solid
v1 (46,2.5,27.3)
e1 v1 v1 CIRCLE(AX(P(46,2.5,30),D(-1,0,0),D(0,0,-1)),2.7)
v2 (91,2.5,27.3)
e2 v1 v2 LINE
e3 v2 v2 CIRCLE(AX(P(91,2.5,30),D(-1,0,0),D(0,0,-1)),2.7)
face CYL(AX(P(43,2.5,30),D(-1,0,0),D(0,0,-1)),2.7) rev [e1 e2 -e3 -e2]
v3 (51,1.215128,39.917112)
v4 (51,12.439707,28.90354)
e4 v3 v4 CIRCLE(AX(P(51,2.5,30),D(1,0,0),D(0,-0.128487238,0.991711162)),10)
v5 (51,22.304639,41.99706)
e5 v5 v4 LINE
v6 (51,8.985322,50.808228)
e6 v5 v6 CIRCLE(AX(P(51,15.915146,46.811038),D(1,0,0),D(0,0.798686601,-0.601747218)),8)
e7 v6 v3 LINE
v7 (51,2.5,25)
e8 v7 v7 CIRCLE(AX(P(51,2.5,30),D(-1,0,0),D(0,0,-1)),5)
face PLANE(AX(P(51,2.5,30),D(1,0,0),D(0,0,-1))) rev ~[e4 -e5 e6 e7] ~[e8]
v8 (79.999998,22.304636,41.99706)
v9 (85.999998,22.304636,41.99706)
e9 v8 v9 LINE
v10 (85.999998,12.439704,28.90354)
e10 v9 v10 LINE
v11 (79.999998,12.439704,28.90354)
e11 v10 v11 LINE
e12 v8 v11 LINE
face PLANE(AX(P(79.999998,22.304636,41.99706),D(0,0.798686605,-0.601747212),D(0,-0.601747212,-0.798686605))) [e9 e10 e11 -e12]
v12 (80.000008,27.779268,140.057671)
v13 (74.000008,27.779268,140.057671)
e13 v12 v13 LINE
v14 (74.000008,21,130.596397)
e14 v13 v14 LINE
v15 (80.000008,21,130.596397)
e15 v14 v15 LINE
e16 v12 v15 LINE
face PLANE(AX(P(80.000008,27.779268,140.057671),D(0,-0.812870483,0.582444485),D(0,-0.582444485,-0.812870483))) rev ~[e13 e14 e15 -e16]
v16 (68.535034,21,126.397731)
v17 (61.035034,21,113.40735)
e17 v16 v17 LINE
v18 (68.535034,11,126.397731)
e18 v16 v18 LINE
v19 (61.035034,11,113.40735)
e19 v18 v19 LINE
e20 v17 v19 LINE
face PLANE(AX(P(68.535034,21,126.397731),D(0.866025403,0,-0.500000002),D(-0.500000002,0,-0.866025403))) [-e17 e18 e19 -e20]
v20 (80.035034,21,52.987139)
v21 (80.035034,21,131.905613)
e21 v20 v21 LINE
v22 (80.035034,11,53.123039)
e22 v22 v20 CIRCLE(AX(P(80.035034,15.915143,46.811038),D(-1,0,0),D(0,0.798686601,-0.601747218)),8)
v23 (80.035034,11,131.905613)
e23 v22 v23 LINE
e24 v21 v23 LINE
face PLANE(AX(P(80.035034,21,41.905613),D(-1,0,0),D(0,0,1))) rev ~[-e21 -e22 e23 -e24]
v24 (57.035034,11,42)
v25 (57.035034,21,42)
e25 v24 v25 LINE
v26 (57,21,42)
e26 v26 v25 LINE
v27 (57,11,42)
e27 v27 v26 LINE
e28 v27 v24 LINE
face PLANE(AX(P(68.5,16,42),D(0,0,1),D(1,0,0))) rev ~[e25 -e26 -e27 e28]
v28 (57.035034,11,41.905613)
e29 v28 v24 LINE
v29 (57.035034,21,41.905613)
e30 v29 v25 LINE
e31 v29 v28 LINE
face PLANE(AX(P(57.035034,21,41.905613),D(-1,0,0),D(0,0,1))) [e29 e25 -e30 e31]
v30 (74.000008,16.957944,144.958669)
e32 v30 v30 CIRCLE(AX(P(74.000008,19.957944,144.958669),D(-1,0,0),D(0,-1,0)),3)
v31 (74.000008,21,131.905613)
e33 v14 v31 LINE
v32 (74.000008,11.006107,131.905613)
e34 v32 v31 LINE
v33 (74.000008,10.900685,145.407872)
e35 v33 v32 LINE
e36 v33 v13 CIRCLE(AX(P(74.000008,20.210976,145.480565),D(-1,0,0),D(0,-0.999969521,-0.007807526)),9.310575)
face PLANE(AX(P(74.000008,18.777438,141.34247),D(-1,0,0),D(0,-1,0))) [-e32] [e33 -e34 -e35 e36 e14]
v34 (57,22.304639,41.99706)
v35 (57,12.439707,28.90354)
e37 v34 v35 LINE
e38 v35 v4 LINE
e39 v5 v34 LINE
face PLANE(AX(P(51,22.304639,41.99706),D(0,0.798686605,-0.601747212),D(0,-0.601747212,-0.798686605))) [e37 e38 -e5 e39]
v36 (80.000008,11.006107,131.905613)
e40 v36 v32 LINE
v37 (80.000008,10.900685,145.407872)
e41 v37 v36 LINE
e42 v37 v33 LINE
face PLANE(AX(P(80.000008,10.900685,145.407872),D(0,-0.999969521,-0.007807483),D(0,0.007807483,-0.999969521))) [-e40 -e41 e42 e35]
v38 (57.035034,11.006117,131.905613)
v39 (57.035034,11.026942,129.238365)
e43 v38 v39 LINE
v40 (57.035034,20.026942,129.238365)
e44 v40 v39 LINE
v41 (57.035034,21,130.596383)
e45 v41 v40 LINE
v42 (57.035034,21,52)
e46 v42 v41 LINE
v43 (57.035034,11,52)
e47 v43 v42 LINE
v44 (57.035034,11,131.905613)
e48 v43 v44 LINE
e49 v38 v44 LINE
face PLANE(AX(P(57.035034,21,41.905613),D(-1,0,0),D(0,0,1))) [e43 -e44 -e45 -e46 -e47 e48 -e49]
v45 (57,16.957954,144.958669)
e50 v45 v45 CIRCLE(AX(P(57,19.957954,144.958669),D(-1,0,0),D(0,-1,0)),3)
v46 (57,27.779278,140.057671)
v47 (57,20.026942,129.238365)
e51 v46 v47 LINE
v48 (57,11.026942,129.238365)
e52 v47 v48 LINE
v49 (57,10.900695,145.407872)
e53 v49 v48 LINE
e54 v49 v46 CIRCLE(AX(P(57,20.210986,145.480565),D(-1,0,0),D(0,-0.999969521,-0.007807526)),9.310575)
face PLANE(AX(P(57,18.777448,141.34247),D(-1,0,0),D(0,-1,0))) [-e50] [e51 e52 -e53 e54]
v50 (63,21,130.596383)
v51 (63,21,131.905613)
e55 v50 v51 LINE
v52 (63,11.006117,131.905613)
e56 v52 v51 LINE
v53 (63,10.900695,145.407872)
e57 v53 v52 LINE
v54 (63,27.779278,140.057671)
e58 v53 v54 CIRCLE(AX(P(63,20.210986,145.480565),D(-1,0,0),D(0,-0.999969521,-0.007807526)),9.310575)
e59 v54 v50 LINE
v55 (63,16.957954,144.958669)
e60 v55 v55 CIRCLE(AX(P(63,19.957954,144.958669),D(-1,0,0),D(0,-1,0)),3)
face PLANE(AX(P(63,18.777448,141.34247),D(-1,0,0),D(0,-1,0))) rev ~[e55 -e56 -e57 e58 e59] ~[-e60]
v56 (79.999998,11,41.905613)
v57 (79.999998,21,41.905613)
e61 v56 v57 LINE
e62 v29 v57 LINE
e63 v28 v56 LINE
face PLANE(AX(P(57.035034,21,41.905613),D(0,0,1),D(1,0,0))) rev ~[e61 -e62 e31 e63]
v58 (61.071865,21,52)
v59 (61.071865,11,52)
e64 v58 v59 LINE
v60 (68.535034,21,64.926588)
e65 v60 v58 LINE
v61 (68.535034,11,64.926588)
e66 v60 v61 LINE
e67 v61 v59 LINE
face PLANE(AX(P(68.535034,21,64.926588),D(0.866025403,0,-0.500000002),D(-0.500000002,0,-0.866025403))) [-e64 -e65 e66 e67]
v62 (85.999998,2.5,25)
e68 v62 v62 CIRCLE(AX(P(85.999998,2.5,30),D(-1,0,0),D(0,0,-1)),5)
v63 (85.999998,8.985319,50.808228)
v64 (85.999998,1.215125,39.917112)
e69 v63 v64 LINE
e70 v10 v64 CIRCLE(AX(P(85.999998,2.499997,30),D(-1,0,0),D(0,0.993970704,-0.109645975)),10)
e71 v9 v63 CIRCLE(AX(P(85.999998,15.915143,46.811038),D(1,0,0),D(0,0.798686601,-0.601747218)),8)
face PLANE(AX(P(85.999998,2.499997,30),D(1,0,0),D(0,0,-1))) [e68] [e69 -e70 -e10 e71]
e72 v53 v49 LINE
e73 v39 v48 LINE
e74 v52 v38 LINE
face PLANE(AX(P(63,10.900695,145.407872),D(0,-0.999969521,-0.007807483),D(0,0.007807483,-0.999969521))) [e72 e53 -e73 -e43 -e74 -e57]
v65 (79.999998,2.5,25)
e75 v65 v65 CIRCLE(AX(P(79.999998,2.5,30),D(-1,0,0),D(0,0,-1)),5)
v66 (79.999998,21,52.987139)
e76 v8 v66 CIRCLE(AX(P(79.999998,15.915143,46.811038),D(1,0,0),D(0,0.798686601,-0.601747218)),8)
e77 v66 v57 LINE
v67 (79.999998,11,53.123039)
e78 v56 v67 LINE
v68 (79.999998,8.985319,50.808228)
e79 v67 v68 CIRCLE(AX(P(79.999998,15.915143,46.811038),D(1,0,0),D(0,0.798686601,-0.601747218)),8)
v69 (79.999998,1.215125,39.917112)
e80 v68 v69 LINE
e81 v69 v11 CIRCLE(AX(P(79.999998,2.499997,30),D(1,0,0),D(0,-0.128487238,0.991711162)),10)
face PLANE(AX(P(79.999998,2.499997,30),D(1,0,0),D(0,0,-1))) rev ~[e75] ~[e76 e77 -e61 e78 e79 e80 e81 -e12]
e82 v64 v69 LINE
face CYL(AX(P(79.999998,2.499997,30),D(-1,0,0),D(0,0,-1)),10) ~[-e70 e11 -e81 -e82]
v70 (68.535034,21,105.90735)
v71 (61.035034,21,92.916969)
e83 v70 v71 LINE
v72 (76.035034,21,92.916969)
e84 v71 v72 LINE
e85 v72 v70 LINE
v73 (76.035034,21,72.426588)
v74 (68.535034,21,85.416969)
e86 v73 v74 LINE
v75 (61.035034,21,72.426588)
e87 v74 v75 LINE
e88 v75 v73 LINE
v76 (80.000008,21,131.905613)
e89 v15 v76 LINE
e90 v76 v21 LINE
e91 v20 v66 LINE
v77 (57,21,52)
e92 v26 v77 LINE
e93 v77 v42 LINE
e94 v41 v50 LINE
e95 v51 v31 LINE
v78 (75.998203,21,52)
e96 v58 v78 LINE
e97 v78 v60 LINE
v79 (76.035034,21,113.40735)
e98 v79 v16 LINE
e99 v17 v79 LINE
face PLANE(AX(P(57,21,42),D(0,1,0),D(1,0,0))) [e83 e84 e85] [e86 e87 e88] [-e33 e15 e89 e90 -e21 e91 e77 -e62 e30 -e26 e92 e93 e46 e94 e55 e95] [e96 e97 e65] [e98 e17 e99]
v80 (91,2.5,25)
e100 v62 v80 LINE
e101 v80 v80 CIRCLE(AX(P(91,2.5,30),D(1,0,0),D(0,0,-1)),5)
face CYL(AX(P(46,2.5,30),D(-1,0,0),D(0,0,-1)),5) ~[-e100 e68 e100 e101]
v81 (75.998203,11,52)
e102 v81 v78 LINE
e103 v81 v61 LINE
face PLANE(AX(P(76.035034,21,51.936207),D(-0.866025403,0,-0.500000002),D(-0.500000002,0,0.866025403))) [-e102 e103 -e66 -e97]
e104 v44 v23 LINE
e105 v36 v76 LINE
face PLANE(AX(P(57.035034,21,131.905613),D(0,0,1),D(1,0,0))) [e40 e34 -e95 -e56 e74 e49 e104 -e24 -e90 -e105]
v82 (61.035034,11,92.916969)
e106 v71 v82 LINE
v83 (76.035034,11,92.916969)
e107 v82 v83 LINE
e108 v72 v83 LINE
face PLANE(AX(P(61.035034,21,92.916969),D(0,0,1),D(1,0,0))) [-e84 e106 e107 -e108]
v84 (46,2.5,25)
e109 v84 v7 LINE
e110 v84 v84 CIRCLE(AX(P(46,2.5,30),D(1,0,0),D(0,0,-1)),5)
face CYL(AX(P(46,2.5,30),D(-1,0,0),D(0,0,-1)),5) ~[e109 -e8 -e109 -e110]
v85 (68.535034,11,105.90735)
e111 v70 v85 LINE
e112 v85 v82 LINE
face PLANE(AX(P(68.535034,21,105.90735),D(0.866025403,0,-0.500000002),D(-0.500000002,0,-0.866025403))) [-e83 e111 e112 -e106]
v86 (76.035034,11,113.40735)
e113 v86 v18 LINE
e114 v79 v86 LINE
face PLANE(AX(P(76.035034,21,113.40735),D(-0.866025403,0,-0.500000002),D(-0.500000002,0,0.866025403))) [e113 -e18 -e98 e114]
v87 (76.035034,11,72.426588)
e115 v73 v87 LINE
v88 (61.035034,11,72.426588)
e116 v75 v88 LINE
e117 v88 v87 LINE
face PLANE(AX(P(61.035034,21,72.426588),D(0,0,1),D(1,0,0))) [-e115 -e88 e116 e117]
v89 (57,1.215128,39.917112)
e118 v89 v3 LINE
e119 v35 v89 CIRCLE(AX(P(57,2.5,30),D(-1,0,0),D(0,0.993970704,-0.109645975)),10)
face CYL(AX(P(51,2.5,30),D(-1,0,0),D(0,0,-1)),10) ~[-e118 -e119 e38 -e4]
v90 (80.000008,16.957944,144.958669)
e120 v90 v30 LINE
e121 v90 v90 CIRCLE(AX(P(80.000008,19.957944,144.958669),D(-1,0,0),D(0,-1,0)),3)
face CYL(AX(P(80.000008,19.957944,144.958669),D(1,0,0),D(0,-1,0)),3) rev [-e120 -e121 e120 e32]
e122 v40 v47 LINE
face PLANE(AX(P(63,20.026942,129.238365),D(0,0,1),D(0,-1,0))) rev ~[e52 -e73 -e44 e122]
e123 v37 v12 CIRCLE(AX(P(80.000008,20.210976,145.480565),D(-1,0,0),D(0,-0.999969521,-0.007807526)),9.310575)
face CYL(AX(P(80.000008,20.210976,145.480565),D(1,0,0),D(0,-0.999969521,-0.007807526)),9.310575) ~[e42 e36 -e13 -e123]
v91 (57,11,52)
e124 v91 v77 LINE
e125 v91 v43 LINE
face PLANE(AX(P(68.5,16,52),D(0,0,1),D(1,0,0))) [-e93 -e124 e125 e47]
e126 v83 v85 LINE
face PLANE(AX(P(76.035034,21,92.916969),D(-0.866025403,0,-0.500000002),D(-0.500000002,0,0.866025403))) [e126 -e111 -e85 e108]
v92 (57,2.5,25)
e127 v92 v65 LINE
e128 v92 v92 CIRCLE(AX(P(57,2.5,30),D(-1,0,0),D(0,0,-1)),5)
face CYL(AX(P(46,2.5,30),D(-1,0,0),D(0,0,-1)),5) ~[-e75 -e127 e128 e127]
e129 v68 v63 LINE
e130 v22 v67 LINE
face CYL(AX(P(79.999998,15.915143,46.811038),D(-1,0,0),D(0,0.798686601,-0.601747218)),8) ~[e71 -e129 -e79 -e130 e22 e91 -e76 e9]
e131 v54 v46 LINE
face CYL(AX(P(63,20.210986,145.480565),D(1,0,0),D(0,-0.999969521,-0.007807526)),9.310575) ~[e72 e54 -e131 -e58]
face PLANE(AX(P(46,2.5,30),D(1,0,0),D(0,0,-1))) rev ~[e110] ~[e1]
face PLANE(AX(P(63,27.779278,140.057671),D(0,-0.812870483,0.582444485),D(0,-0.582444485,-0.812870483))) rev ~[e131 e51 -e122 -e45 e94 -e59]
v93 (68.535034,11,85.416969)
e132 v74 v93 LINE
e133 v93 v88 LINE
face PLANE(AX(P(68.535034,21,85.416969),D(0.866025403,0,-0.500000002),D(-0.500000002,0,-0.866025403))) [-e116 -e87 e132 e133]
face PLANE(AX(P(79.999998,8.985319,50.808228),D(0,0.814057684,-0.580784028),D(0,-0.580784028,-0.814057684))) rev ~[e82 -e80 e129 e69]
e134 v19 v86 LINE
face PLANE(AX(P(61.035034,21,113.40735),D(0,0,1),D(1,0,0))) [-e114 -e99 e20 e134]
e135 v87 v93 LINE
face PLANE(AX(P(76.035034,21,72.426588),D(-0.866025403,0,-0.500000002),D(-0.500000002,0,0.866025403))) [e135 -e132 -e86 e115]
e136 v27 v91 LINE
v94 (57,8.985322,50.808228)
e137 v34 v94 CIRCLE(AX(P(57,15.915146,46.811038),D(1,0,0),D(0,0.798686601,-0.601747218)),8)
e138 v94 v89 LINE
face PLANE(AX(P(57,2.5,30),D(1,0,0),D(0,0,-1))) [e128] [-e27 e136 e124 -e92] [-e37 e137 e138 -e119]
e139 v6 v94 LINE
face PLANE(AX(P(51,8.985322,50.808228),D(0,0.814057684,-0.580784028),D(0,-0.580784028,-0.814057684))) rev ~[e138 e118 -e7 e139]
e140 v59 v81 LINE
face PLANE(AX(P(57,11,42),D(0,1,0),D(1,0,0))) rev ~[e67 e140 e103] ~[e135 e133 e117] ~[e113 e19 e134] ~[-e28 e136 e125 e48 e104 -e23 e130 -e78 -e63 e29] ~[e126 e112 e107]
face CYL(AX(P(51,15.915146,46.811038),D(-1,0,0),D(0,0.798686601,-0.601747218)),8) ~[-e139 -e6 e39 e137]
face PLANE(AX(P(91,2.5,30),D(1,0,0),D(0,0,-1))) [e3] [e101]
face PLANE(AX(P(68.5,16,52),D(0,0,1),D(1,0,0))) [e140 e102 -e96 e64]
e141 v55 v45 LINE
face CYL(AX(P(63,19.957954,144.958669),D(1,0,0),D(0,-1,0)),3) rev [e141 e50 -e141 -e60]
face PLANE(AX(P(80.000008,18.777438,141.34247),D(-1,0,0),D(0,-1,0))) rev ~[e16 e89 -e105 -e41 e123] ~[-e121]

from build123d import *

# Parameters (mm, degrees)
SKETCH017_R       = 3
EXTRUDE016_DEPTH  = 6
SKETCH016_W       = 23
SKETCH016_H       = 90
EXTRUDE015_DEPTH  = 10
CYLINDER018_R     = 3
CYLINDER018_DEPTH = 25
CYLINDER013_R     = 7
CYLINDER013_DEPTH = 30
CYLINDER012_R     = 10
CYLINDER012_DEPTH = 6
EXTRUDE001_DEPTH  = 6
BOX022_W          = 23
BOX022_H          = 10
BOX022_DEPTH      = 10
CYLINDER021_R     = 2.7
CYLINDER021_DEPTH = 50
CYLINDER020_R     = 5
CYLINDER020_DEPTH = 45


with BuildPart() as union_brazo_central002:
    # Sketch017 → Extrude016 (new body)
    with BuildSketch(Plane(origin=(0, 0, 0), x_dir=(0, -1, 0), z_dir=(-1, 0, 0))):
        with BuildLine():
            ThreePointArc((-10.900695, 145.407872), (-23.024313, 154.355924), (-27.779278, 140.057671))
            Line((-27.779278, 140.057671), (-20.026942, 129.238365))
            Line((-20.026942, 129.238365), (-11.026942, 129.238365))
            Line((-10.900695, 145.407872), (-11.026942, 129.238365))
        make_face()
        with Locations((-19.957954, 144.958669)):
            Circle(SKETCH017_R, mode=Mode.SUBTRACT)
    extrude(amount=EXTRUDE016_DEPTH)


with BuildPart() as union_brazo_central002_1:
    # Extrude016 placement: moved
    add(union_brazo_central002.part.moved(Location((63, 0, 0))))


with BuildPart() as palo_central:
    # Sketch016 → Extrude015 (new body)
    with BuildSketch(Plane.XZ):
        with Locations((68.535034, 86.905613)):
            Rectangle(SKETCH016_W, SKETCH016_H)
        Polygon((68.535034, 64.926588), (61.035034, 51.936207), (76.035034, 51.936207), align=None, mode=Mode.SUBTRACT)
        Polygon((68.535034, 85.416969), (61.035034, 72.426588), (76.035034, 72.426588), align=None, mode=Mode.SUBTRACT)
        Polygon((68.535034, 105.90735), (61.035034, 92.916969), (76.035034, 92.916969), align=None, mode=Mode.SUBTRACT)
        Polygon((68.535034, 126.397731), (61.035034, 113.40735), (76.035034, 113.40735), align=None, mode=Mode.SUBTRACT)
    extrude(amount=EXTRUDE015_DEPTH)


with BuildPart() as palo_central_1:
    # Extrude015 placement: moved
    add(palo_central.part.moved(Location((0, 21, 0))))


with BuildPart() as rotor008:
    # Cylinder018 → Cylinder018 (new body)
    with BuildSketch(Plane(origin=(40, 2.5, 30), x_dir=(0, 0, -1), z_dir=(1, 0, 0))):
        Circle(CYLINDER018_R)
    extrude(amount=CYLINDER018_DEPTH)


with BuildPart() as rotor003:
    # Cylinder013 → Cylinder013 (new body)
    with BuildSketch(Plane(origin=(63, 2.5, 30), x_dir=(0, 0, -1), z_dir=(1, 0, 0))):
        Circle(CYLINDER013_R)
    extrude(amount=CYLINDER013_DEPTH)


with BuildPart() as union_motor_izq:
    # Cylinder012 → Cylinder012 (new body)
    with BuildSketch(Plane(origin=(54, 2.5, 30), x_dir=(0, 0, -1), z_dir=(1, 0, 0))):
        Circle(CYLINDER012_R)
    extrude(amount=CYLINDER012_DEPTH)

    # Cut008: cut Rotor003
    add(rotor003.part, mode=Mode.SUBTRACT)

    # Cut011: cut Rotor008
    add(rotor008.part, mode=Mode.SUBTRACT)


with BuildPart() as union_motor_centro:
    # Sketch001 → Extrude001 (new body)
    with BuildSketch(Plane.YZ):
        with BuildLine():
            ThreePointArc((22.654639, 41.99706), (20.679007, 53.483206), (9.335322, 50.808228))
            Line((9.335322, 50.808228), (1.552816, 39.899855))
            ThreePointArc((12.665635, 28.738862), (9.310536, 36.511168), (1.552816, 39.899855))
            Line((22.654639, 41.99706), (12.665635, 28.738862))
        make_face()
    extrude(amount=EXTRUDE001_DEPTH)


with BuildPart() as union_motor_centro_1:
    # Extrude001 placement: moved
    add(union_motor_centro.part.moved(Location((54, -0.35, 0))))

    # Fusion013: union Union motor izq
    add(union_motor_izq.part)


with BuildPart() as union_motor_centro001:
    # Link016 base: copy of Union motor centro
    add(union_motor_centro_1.part)


with BuildPart() as union_motor_centro001_1:
    # Link016 placement: moved
    add(union_motor_centro001.part.moved(Location((28.999998, -3e-06, 0))))


with BuildPart() as puente_centro:
    # Box022 → Box022 (new body)
    with BuildSketch(Plane(origin=(60, 11, 42), x_dir=(1, 0, 0), z_dir=(0, 0, 1))):
        with Locations((11.5, 5)):
            Rectangle(BOX022_W, BOX022_H)
    extrude(amount=BOX022_DEPTH)


with BuildPart() as hueco_rotor:
    # Cylinder021 → Cylinder021 (new body)
    with BuildSketch(Plane(origin=(37, 2.5, 30), x_dir=(0, 0, -1), z_dir=(1, 0, 0))):
        Circle(CYLINDER021_R)
    extrude(amount=CYLINDER021_DEPTH)


with BuildPart() as union_rotor_brazo:
    # Cylinder020 → Cylinder020 (new body)
    with BuildSketch(Plane(origin=(40, 2.5, 30), x_dir=(0, 0, -1), z_dir=(1, 0, 0))):
        Circle(CYLINDER020_R)
    extrude(amount=CYLINDER020_DEPTH)

    # Cut012: cut hueco rotor
    add(hueco_rotor.part, mode=Mode.SUBTRACT)


with BuildPart() as union_rotor_brazo_1:
    # Cut012 placement: moved
    add(union_rotor_brazo.part.moved(Location((9, 0, 0))))

    # Fusion014: union Union motor centro001, Union motor centro, Puente centro
    add(union_motor_centro001_1.part)
    add(union_motor_centro_1.part)
    add(puente_centro.part)


with BuildPart() as union_rotor_brazo_2:
    # Fusion014 placement: moved
    add(union_rotor_brazo_1.part.moved(Location((-3, 0, 0))))


with BuildPart() as brazo_central_v2:
    # Link018 base: copy of Union brazo central002
    add(union_brazo_central002_1.part)


with BuildPart() as brazo_central_v2_1:
    # Link018 placement: moved
    add(brazo_central_v2.part.moved(Location((17.000008, -1e-05, 0))))

    # Fusion022: union Union brazo central002, Palo central, Union rotor brazo
    add(union_brazo_central002_1.part)
    add(palo_central_1.part)
    add(union_rotor_brazo_2.part)


solid = brazo_central_v2_1.part
